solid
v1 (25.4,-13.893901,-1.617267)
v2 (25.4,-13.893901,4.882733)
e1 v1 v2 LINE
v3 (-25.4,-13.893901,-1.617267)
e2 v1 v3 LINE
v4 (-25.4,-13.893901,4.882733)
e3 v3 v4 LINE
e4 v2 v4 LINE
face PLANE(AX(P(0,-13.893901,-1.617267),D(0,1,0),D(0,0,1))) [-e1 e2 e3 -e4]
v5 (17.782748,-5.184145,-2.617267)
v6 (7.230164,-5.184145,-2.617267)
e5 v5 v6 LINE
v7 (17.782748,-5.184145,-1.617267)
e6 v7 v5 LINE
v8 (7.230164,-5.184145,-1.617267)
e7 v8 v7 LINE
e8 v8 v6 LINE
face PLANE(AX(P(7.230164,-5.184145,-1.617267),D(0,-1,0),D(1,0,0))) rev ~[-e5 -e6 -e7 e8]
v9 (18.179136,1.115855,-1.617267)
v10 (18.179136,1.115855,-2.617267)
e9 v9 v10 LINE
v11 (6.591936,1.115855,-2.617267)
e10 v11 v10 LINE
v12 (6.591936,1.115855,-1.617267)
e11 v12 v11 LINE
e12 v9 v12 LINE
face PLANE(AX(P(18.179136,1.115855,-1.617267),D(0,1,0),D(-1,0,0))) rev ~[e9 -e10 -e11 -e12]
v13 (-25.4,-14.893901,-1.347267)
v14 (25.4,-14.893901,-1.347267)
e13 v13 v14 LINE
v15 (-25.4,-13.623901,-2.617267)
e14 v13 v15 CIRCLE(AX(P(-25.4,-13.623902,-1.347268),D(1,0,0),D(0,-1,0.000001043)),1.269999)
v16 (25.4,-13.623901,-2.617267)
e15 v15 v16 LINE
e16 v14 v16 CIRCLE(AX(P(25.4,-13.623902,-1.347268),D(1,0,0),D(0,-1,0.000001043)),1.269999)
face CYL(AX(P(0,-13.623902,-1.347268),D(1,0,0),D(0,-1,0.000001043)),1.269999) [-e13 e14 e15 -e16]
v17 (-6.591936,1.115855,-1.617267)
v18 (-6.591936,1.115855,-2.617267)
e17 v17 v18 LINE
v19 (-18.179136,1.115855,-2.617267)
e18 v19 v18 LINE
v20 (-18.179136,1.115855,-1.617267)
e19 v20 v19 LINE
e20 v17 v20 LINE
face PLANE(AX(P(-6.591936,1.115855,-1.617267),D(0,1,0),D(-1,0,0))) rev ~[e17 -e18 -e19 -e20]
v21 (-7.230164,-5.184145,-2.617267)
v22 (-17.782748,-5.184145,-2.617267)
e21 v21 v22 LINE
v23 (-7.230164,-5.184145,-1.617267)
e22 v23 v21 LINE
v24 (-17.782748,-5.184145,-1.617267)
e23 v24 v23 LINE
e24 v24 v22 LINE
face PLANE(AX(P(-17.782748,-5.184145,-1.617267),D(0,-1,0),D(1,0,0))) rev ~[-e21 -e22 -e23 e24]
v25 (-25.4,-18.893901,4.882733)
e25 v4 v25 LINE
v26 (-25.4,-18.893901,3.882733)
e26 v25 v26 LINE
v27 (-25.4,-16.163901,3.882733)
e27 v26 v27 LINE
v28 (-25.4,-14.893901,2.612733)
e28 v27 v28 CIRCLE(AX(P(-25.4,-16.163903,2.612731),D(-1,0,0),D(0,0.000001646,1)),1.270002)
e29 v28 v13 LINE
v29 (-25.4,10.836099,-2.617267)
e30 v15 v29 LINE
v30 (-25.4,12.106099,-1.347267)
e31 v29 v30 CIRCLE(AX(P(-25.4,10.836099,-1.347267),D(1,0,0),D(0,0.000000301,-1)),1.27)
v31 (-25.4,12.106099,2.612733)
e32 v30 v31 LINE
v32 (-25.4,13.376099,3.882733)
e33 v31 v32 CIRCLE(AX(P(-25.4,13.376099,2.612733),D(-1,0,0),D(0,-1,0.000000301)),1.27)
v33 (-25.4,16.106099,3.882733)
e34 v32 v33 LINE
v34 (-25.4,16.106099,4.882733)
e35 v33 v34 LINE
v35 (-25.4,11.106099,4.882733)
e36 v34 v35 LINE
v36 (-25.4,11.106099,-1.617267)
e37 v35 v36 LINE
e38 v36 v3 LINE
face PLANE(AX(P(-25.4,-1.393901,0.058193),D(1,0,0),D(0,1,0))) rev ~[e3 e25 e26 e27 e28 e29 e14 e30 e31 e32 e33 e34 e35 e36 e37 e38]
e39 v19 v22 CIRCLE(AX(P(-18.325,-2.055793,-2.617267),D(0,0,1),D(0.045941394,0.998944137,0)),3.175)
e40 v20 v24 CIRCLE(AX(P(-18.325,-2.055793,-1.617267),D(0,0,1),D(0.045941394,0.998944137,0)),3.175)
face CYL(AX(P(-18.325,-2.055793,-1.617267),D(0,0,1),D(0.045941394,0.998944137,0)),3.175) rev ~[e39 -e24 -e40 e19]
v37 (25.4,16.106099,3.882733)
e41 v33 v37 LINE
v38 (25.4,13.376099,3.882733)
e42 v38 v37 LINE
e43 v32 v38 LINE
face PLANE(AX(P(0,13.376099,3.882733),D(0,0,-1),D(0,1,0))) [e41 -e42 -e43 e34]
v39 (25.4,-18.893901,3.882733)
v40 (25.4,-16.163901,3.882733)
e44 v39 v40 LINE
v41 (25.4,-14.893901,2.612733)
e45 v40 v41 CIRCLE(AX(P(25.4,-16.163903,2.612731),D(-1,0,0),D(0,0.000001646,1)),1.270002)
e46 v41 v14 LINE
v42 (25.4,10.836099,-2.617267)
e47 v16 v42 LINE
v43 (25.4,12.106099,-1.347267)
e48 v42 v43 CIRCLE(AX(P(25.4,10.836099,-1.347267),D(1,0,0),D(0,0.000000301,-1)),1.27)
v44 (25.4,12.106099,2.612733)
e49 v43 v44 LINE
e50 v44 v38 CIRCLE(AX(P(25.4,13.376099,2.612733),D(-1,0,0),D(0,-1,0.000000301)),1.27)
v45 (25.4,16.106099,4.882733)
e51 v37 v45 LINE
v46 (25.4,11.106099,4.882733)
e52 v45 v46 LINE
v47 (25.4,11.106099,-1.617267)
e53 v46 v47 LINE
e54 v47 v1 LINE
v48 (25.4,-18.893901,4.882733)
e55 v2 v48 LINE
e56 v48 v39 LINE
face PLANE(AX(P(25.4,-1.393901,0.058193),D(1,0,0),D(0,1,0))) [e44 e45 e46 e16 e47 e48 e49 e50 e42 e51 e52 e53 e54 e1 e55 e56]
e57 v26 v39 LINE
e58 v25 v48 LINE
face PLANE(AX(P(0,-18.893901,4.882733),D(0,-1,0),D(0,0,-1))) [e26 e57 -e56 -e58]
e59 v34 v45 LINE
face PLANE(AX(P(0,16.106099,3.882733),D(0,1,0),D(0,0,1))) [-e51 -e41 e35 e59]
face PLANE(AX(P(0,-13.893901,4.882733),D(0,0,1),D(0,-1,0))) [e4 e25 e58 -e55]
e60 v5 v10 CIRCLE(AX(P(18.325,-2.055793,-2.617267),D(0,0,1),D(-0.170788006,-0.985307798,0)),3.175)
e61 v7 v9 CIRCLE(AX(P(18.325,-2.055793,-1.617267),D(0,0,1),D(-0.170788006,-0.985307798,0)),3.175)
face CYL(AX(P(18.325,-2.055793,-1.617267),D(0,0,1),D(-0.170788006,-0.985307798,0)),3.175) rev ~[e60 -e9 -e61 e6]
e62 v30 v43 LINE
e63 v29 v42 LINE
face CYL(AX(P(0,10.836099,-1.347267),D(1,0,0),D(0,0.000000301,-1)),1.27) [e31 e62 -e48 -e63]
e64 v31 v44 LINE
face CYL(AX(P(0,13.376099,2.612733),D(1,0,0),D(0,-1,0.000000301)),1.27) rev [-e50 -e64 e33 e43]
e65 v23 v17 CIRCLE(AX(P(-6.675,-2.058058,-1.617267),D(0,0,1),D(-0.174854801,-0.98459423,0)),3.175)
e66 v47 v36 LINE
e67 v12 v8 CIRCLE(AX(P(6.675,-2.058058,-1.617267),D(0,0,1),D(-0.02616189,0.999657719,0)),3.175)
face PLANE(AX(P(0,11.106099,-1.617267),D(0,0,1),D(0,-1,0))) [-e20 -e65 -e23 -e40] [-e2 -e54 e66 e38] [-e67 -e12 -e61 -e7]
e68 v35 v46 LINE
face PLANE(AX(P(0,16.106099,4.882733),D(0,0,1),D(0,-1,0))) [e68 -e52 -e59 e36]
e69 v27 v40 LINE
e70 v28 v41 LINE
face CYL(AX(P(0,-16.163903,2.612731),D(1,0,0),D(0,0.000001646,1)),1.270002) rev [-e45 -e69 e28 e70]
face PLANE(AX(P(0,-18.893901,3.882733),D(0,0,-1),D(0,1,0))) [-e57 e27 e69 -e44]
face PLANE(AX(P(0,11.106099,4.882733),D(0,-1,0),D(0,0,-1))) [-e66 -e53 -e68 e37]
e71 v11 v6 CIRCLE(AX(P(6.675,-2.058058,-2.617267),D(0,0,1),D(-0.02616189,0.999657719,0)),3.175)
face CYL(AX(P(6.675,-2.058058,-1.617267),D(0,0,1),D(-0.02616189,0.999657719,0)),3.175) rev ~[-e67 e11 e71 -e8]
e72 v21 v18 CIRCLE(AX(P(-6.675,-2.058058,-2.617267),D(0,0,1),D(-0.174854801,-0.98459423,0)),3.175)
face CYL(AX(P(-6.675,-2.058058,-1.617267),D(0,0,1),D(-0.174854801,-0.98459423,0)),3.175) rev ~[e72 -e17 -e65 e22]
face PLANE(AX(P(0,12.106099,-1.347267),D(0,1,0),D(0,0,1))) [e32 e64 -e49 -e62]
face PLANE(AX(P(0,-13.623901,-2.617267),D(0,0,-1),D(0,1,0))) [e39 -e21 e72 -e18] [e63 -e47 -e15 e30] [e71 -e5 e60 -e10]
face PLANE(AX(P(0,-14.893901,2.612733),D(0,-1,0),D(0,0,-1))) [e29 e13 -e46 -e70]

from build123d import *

# Parameters (mm, degrees)
F1_DEPTH = 25.4
F3_DEPTH = 25.4


with BuildPart() as f1:
    # F0 (on Right) → F1 (new body, symmetric)
    with BuildSketch(Plane.YZ):
        with BuildLine():
            Line((-13.893901, 4.882733), (-18.893901, 4.882733))
            Line((-18.893901, 4.882733), (-18.893901, 3.882733))
            Line((-18.893901, 3.882733), (-16.163901, 3.882733))
            ThreePointArc((-16.163901, 3.882733), (-15.265876, 3.510758), (-14.893901, 2.612733))
            Line((-14.893901, 2.612733), (-14.893901, -1.347267))
            ThreePointArc((-14.893901, -1.347267), (-14.521927, -2.245293), (-13.623901, -2.617267))
            Line((-13.623901, -2.617267), (10.836099, -2.617267))
            ThreePointArc((10.836099, -2.617267), (11.734124, -2.245293), (12.106099, -1.347267))
            Line((12.106099, -1.347267), (12.106099, 2.612733))
            ThreePointArc((12.106099, 2.612733), (12.478073, 3.510758), (13.376099, 3.882733))
            Line((13.376099, 3.882733), (16.106099, 3.882733))
            Line((16.106099, 3.882733), (16.106099, 4.882733))
            Line((16.106099, 4.882733), (11.106099, 4.882733))
            Line((11.106099, 4.882733), (11.106099, -1.617267))
            Line((11.106099, -1.617267), (-13.893901, -1.617267))
            Line((-13.893901, -1.617267), (-13.893901, 4.882733))
        make_face()
    extrude(amount=F1_DEPTH, both=True)

    # F2 (on face) → F3 (cut)
    with BuildSketch(Plane.XY.offset(-1.617267)):
        with BuildLine():
            Line((-6.591936, 1.115855), (-18.179136, 1.115855))
            ThreePointArc((-18.179136, 1.115855), (-21.493734, -2.255166), (-17.782748, -5.184145))
            Line((-17.782748, -5.184145), (-7.230164, -5.184145))
            ThreePointArc((-7.230164, -5.184145), (-3.516168, -2.378067), (-6.591936, 1.115855))
        make_face()
        with BuildLine():
            ThreePointArc((17.782748, -5.184145), (21.493734, -2.255166), (18.179136, 1.115855))
            Line((18.179136, 1.115855), (6.591936, 1.115855))
            ThreePointArc((6.591936, 1.115855), (3.516168, -2.378067), (7.230164, -5.184145))
            Line((7.230164, -5.184145), (17.782748, -5.184145))
        make_face()
    extrude(amount=-F3_DEPTH, mode=Mode.SUBTRACT)


solid = f1.part
